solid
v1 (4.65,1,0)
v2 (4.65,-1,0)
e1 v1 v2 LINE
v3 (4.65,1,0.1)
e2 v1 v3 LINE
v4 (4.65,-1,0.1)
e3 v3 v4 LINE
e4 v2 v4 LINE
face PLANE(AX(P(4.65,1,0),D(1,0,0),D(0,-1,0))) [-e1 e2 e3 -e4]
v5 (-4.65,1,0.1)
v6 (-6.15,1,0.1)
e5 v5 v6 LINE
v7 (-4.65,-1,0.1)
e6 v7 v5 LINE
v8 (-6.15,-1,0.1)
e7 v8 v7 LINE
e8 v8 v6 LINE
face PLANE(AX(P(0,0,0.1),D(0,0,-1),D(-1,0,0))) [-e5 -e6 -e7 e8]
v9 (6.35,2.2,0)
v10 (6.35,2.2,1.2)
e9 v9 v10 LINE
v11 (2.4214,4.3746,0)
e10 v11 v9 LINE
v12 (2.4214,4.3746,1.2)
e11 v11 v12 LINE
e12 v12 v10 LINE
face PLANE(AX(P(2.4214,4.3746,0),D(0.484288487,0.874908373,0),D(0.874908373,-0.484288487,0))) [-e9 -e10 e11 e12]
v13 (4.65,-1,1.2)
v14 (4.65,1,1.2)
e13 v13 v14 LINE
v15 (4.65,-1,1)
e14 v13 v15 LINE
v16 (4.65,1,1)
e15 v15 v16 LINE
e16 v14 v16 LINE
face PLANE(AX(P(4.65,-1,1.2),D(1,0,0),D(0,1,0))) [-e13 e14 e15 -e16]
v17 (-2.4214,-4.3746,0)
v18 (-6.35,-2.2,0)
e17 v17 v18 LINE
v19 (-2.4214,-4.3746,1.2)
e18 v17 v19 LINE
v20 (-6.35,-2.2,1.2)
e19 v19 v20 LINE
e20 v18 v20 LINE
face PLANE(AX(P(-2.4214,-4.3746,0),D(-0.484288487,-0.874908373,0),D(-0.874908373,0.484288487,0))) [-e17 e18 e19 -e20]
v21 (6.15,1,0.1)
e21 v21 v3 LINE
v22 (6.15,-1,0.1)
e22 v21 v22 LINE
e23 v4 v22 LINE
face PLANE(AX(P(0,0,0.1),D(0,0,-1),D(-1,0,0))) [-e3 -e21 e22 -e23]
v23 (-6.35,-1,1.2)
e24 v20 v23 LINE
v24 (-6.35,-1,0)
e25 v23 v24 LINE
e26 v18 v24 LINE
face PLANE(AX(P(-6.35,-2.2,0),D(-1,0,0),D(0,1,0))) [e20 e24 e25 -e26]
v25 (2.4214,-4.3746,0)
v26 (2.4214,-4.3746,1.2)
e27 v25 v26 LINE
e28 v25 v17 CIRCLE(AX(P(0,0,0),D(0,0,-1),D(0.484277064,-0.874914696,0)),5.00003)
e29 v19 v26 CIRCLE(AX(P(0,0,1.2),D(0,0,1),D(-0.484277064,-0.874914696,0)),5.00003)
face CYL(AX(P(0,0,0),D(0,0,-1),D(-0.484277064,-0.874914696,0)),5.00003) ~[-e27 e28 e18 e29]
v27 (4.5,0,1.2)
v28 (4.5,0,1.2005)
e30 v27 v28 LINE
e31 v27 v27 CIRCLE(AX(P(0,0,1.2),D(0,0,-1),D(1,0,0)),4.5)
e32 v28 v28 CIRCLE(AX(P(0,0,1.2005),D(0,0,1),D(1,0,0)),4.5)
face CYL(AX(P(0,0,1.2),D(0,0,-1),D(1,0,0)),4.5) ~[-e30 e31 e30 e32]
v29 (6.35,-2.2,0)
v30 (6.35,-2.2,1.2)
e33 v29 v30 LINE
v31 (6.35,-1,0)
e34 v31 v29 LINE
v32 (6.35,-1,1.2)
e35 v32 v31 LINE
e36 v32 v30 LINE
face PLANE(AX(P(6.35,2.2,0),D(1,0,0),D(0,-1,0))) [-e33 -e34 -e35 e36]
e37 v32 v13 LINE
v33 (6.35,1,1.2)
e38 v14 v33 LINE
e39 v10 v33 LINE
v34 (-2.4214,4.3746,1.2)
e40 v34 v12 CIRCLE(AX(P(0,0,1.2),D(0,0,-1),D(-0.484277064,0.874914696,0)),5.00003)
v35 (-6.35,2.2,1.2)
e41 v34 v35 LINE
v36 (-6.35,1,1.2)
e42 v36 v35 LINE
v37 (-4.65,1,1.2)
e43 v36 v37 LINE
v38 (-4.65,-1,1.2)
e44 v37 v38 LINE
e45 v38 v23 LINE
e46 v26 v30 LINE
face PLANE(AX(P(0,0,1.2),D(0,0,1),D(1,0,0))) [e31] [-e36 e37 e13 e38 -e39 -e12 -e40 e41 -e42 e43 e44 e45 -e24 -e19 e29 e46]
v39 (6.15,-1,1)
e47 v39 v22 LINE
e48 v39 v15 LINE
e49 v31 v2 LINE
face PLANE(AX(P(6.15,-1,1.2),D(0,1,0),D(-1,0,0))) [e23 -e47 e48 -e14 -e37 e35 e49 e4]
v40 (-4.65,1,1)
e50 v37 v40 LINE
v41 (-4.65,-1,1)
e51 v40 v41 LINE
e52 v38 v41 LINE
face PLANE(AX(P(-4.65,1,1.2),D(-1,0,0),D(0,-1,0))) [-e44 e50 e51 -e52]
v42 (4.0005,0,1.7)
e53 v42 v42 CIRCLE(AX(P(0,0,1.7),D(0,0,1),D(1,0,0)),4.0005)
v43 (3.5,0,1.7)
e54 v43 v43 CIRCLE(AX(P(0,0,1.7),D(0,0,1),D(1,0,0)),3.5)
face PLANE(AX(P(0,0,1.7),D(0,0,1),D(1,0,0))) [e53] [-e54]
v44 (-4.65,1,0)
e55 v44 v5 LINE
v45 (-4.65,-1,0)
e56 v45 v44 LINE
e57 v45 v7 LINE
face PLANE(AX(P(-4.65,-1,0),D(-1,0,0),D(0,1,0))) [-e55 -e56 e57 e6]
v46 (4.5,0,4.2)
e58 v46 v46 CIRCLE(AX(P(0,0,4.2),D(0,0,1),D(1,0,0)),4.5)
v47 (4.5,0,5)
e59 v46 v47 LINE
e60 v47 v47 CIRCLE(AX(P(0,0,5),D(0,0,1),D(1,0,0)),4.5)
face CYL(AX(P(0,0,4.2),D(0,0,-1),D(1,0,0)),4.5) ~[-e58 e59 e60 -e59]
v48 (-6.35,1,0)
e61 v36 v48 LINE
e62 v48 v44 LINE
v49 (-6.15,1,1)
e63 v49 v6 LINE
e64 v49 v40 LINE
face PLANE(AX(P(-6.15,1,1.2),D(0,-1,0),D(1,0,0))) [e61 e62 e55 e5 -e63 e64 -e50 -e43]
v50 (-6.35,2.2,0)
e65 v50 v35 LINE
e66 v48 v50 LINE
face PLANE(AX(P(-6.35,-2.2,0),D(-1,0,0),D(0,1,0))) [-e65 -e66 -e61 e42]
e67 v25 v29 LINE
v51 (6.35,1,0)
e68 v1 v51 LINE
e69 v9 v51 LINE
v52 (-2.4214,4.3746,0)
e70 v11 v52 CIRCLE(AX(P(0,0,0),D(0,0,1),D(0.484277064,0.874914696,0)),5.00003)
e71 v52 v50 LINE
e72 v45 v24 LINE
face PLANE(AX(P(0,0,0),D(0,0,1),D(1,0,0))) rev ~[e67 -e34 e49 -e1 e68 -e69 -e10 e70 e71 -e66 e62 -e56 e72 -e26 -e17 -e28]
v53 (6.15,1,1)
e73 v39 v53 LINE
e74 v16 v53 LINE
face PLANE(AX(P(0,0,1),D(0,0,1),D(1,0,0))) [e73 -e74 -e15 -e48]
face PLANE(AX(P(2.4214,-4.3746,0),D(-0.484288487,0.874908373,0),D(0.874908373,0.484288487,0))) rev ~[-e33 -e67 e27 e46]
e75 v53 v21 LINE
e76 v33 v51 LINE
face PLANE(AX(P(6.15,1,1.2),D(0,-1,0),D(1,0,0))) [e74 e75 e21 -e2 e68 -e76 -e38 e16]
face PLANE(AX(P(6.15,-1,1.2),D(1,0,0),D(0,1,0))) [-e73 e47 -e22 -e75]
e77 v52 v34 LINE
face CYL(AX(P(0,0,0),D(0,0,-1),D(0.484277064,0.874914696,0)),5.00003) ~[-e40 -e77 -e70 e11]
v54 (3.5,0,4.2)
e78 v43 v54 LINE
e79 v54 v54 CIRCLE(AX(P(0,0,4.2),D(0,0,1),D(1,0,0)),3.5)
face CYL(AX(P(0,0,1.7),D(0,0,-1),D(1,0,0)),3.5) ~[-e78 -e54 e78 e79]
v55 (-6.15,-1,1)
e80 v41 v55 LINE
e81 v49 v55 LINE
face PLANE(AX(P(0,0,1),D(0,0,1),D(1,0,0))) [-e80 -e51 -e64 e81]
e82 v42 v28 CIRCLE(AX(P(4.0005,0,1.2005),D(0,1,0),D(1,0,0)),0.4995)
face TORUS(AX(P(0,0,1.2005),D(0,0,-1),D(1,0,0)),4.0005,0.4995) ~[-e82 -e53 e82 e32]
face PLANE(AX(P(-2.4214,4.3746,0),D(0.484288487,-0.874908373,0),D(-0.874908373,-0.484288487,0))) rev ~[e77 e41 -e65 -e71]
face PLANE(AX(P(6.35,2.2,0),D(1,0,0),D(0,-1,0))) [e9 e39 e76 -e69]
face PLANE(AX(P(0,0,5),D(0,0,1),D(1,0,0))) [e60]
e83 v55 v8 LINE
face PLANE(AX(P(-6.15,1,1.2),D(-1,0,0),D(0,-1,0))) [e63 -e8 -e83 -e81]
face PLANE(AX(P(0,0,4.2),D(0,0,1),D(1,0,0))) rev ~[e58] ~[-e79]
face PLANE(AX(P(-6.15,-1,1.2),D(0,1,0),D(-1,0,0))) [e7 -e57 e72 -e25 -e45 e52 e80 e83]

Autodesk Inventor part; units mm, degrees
ref_plane "YZ Plane" through (0, 0, 0) normal (1, 0, 0) x (0, 1, 0)
ref_plane "XZ Plane" through (0, 0, 0) normal (0, 1, 0) x (-1, 0, 0)
ref_plane "XY Plane" through (0, 0, 0) normal (0, 0, 1) x (1, 0, 0)
sketch "Sketch1" plane through (0, 0, 0) normal (0, 0, 1) x (1, 0, 0)
  line L0 (-6.35, 5) -> (6.35, 5)
  line L1 (6.35, 5) -> (6.35, -5)
  line L2 (6.35, -5) -> (-6.35, -5)
  line L3 (-6.35, -5) -> (-6.35, 5)
  line L4 (-6.35, 5) -> (6.35, -5) construction
  line L5 (6.35, 5) -> (-6.35, -5) construction
  line L6 (-2.4214, 4.3746) -> (-6.35, 2.2)
  line L7 (-2.4214, -4.3746) -> (-6.35, -2.2)
  line L8 (0, -5) -> (0, 5)
  line L9 (2.4214, 4.3746) -> (6.35, 2.2)
  line L10 (2.4214, -4.3746) -> (6.35, -2.2)
  line L11 (-6.35, 2.2) -> (-6.35, -2.2)
  line L12 (6.35, -2.2) -> (6.35, 2.2)
  arc A0 (-2.4214, -4.3746) -> (2.4214, -4.3746) centre (0, 0) ccw
  arc A1 (2.4214, 4.3746) -> (-2.4214, 4.3746) centre (0, 0) ccw
  point P0 (-1.2915, 5)
  point P1 (-1.2915, -5)
  point P2 (1.2915, 5)
  point P3 (1.2915, -5)
  dimension "d0" = 12.7
  dimension "d1" = 10
  dimension "d3" = 2.8
  dimension "d4" = 2.8
extrude "Extrusion1" add sketch "Sketch1" along normal blind 1.2 contours A1 L9 L1 L10 A0 L8 | L8 A0 L7 L3 L6 A1
sketch "Sketch2" plane through (0, 0, 1.2) normal (0, 0, 1) x (1, 0, 0)
  arc A0 (2.4214, 4.3746) -> (-2.4214, 4.3746) centre (0, 0) ccw projected
  circle A1 centre (0, 0) radius 3.5
  circle A2 centre (0, 0) radius 4.5
  dimension "d7" = 7
  dimension "d8" = 1
extrude "Extrusion2" add sketch "Sketch2" along normal blind 0.5 contours A1 | A2
sketch "Sketch3" plane through (0, 0, 1.7) normal (0, 0, 1) x (1, 0, 0)
  circle A0 centre (0, 0) radius 4.5 projected
  circle A1 centre (0, 0) radius 3.5
  dimension "d11" = 7
extrude "Extrusion3" add sketch "Sketch3" along normal blind 2.5 contours A1
sketch "Sketch4" plane through (0, 0, 4.2) normal (0, 0, 1) x (1, 0, 0)
  circle A0 centre (0, 0) radius 4.5
  dimension "d14" = 9
extrude "Extrusion4" add sketch "Sketch4" along normal blind 0.8
fillet "Fillet1" radius 0.5 1 edges at (-4.5, 0, 1.7)
sketch "Sketch5" plane through (0, 0, 1.2) normal (0, 0, 1) x (1, 0, 0)
  circle A0 centre (0, 0) radius 4.5 projected
  line L0 (-6.35, 2.2) -> (-6.35, -2.2) projected
  line L1 (-6.35, -2.2) -> (-2.4214, -4.3746) projected
  arc A1 (-2.4214, -4.3746) -> (2.4214, -4.3746) centre (0, 0) ccw projected
  line L2 (2.4214, -4.3746) -> (6.35, -2.2) projected
  line L3 (6.35, -2.2) -> (6.35, 2.2) projected
  line L4 (6.35, 2.2) -> (2.4214, 4.3746) projected
  arc A2 (2.4214, 4.3746) -> (-2.4214, 4.3746) centre (0, 0) ccw projected
  line L5 (-2.4214, 4.3746) -> (-6.35, 2.2) projected
  line L6 (-6.35, 2.2) -> (-6.35, -2.2) projected
  line L7 (-6.35, 1) -> (-6.15, 1)
  line L8 (-6.15, 1) -> (-6.15, -1)
  line L9 (-6.15, -1) -> (-6.35, -1)
  line L10 (-6.35, -1) -> (-6.35, 1)
  line L11 (6.35, -1) -> (6.15, -1)
  line L12 (6.15, -1) -> (6.15, 1)
  line L13 (6.15, 1) -> (6.35, 1)
  line L14 (6.35, 1) -> (6.35, -1)
  point P0 (6.35, 0)
  point P1 (-6.35, 0)
  dimension "d18" = 2
  dimension "d19" = 2
  dimension "d20" = 0.2
  dimension "d21" = 0.2
extrude "Extrusion5" cut sketch "Sketch5" against normal through all contours L7 L8 L9 L0 | L3 L11 L12 L13
sketch "Sketch6" plane through (0, 0, 1.2) normal (0, 0, 1) x (1, 0, 0)
  line L0 (-6.15, -1) -> (-6.35, -1) projected
  line L1 (-6.35, -1) -> (-6.35, -2.2) projected
  line L2 (-6.35, -2.2) -> (-2.4214, -4.3746) projected
  arc A0 (-2.4214, -4.3746) -> (2.4214, -4.3746) centre (0, 0) ccw projected
  line L3 (2.4214, -4.3746) -> (6.35, -2.2) projected
  line L4 (6.35, -2.2) -> (6.35, -1) projected
  line L5 (6.35, -1) -> (6.15, -1) projected
  line L6 (6.15, -1) -> (6.15, 1) projected
  line L7 (6.15, 1) -> (6.35, 1) projected
  line L8 (6.35, 1) -> (6.35, 2.2) projected
  line L9 (6.35, 2.2) -> (2.4214, 4.3746) projected
  arc A1 (2.4214, 4.3746) -> (-2.4214, 4.3746) centre (0, 0) ccw projected
  line L10 (-2.4214, 4.3746) -> (-6.35, 2.2) projected
  line L11 (-6.35, 2.2) -> (-6.35, 1) projected
  line L12 (-6.35, 1) -> (-6.15, 1) projected
  line L13 (-6.15, 1) -> (-6.15, -1) projected
  circle A2 centre (0, 0) radius 4.5 projected
  line L14 (-6.15, 1) -> (-4.65, 1)
  line L15 (-4.65, 1) -> (-4.65, -1)
  line L16 (-4.65, -1) -> (-6.15, -1)
  line L17 (-6.15, -1) -> (-6.15, 1)
  line L18 (6.15, -1) -> (4.65, -1)
  line L19 (4.65, -1) -> (4.65, 1)
  line L20 (4.65, 1) -> (6.15, 1)
  line L21 (6.15, 1) -> (6.15, -1)
  dimension "d24" = 1.5
  dimension "d25" = 1.5
extrude "Extrusion6" cut sketch "Sketch6" against normal blind 0.2 contours L13 L14 L15 L16 | L18 L19 L20 L6
sketch "Sketch7" plane through (0, 0, 0) normal (0, 0, -1) x (-1, 0, 0)
  circle A0 centre (0, 0) radius 4 projected
  line L0 (6.35, -1) -> (6.15, -1) projected
  line L1 (6.15, -1) -> (6.15, 1) projected
  line L2 (6.15, 1) -> (6.35, 1) projected
  line L3 (6.35, 2.2) -> (6.35, 1) projected
  line L4 (2.4214, 4.3746) -> (6.35, 2.2) projected
  arc A1 (2.4214, 4.3746) -> (-2.4214, 4.3746) centre (0, 0) ccw projected
  line L5 (-6.35, 2.2) -> (-2.4214, 4.3746) projected
  line L6 (-6.35, 1) -> (-6.35, 2.2) projected
  line L7 (-6.35, 1) -> (-6.15, 1) projected
  line L8 (-6.15, 1) -> (-6.15, -1) projected
  line L9 (-6.15, -1) -> (-6.35, -1) projected
  line L10 (-6.35, -2.2) -> (-6.35, -1) projected
  line L11 (-2.4214, -4.3746) -> (-6.35, -2.2) projected
  arc A2 (-2.4214, -4.3746) -> (2.4214, -4.3746) centre (0, 0) ccw projected
  line L12 (6.35, -2.2) -> (2.4214, -4.3746) projected
  line L13 (6.35, -1) -> (6.35, -2.2) projected
  line L14 (6.15, -1) -> (4.65, -1)
  line L15 (4.65, -1) -> (4.65, 1)
  line L16 (4.65, 1) -> (6.15, 1)
  line L17 (6.15, 1) -> (6.15, -1)
  line L18 (-6.15, 1) -> (-4.65, 1)
  line L19 (-4.65, 1) -> (-4.65, -1)
  line L20 (-4.65, -1) -> (-6.15, -1)
  line L21 (-6.15, -1) -> (-6.15, 1)
  dimension "d28" = 1.5
  dimension "d29" = 1.5
extrude "Extrusion7" cut sketch "Sketch7" against normal blind 0.1 contours L14 L15 L16 L1 | L8 L18 L19 L20
properties part number "SDR1005"
